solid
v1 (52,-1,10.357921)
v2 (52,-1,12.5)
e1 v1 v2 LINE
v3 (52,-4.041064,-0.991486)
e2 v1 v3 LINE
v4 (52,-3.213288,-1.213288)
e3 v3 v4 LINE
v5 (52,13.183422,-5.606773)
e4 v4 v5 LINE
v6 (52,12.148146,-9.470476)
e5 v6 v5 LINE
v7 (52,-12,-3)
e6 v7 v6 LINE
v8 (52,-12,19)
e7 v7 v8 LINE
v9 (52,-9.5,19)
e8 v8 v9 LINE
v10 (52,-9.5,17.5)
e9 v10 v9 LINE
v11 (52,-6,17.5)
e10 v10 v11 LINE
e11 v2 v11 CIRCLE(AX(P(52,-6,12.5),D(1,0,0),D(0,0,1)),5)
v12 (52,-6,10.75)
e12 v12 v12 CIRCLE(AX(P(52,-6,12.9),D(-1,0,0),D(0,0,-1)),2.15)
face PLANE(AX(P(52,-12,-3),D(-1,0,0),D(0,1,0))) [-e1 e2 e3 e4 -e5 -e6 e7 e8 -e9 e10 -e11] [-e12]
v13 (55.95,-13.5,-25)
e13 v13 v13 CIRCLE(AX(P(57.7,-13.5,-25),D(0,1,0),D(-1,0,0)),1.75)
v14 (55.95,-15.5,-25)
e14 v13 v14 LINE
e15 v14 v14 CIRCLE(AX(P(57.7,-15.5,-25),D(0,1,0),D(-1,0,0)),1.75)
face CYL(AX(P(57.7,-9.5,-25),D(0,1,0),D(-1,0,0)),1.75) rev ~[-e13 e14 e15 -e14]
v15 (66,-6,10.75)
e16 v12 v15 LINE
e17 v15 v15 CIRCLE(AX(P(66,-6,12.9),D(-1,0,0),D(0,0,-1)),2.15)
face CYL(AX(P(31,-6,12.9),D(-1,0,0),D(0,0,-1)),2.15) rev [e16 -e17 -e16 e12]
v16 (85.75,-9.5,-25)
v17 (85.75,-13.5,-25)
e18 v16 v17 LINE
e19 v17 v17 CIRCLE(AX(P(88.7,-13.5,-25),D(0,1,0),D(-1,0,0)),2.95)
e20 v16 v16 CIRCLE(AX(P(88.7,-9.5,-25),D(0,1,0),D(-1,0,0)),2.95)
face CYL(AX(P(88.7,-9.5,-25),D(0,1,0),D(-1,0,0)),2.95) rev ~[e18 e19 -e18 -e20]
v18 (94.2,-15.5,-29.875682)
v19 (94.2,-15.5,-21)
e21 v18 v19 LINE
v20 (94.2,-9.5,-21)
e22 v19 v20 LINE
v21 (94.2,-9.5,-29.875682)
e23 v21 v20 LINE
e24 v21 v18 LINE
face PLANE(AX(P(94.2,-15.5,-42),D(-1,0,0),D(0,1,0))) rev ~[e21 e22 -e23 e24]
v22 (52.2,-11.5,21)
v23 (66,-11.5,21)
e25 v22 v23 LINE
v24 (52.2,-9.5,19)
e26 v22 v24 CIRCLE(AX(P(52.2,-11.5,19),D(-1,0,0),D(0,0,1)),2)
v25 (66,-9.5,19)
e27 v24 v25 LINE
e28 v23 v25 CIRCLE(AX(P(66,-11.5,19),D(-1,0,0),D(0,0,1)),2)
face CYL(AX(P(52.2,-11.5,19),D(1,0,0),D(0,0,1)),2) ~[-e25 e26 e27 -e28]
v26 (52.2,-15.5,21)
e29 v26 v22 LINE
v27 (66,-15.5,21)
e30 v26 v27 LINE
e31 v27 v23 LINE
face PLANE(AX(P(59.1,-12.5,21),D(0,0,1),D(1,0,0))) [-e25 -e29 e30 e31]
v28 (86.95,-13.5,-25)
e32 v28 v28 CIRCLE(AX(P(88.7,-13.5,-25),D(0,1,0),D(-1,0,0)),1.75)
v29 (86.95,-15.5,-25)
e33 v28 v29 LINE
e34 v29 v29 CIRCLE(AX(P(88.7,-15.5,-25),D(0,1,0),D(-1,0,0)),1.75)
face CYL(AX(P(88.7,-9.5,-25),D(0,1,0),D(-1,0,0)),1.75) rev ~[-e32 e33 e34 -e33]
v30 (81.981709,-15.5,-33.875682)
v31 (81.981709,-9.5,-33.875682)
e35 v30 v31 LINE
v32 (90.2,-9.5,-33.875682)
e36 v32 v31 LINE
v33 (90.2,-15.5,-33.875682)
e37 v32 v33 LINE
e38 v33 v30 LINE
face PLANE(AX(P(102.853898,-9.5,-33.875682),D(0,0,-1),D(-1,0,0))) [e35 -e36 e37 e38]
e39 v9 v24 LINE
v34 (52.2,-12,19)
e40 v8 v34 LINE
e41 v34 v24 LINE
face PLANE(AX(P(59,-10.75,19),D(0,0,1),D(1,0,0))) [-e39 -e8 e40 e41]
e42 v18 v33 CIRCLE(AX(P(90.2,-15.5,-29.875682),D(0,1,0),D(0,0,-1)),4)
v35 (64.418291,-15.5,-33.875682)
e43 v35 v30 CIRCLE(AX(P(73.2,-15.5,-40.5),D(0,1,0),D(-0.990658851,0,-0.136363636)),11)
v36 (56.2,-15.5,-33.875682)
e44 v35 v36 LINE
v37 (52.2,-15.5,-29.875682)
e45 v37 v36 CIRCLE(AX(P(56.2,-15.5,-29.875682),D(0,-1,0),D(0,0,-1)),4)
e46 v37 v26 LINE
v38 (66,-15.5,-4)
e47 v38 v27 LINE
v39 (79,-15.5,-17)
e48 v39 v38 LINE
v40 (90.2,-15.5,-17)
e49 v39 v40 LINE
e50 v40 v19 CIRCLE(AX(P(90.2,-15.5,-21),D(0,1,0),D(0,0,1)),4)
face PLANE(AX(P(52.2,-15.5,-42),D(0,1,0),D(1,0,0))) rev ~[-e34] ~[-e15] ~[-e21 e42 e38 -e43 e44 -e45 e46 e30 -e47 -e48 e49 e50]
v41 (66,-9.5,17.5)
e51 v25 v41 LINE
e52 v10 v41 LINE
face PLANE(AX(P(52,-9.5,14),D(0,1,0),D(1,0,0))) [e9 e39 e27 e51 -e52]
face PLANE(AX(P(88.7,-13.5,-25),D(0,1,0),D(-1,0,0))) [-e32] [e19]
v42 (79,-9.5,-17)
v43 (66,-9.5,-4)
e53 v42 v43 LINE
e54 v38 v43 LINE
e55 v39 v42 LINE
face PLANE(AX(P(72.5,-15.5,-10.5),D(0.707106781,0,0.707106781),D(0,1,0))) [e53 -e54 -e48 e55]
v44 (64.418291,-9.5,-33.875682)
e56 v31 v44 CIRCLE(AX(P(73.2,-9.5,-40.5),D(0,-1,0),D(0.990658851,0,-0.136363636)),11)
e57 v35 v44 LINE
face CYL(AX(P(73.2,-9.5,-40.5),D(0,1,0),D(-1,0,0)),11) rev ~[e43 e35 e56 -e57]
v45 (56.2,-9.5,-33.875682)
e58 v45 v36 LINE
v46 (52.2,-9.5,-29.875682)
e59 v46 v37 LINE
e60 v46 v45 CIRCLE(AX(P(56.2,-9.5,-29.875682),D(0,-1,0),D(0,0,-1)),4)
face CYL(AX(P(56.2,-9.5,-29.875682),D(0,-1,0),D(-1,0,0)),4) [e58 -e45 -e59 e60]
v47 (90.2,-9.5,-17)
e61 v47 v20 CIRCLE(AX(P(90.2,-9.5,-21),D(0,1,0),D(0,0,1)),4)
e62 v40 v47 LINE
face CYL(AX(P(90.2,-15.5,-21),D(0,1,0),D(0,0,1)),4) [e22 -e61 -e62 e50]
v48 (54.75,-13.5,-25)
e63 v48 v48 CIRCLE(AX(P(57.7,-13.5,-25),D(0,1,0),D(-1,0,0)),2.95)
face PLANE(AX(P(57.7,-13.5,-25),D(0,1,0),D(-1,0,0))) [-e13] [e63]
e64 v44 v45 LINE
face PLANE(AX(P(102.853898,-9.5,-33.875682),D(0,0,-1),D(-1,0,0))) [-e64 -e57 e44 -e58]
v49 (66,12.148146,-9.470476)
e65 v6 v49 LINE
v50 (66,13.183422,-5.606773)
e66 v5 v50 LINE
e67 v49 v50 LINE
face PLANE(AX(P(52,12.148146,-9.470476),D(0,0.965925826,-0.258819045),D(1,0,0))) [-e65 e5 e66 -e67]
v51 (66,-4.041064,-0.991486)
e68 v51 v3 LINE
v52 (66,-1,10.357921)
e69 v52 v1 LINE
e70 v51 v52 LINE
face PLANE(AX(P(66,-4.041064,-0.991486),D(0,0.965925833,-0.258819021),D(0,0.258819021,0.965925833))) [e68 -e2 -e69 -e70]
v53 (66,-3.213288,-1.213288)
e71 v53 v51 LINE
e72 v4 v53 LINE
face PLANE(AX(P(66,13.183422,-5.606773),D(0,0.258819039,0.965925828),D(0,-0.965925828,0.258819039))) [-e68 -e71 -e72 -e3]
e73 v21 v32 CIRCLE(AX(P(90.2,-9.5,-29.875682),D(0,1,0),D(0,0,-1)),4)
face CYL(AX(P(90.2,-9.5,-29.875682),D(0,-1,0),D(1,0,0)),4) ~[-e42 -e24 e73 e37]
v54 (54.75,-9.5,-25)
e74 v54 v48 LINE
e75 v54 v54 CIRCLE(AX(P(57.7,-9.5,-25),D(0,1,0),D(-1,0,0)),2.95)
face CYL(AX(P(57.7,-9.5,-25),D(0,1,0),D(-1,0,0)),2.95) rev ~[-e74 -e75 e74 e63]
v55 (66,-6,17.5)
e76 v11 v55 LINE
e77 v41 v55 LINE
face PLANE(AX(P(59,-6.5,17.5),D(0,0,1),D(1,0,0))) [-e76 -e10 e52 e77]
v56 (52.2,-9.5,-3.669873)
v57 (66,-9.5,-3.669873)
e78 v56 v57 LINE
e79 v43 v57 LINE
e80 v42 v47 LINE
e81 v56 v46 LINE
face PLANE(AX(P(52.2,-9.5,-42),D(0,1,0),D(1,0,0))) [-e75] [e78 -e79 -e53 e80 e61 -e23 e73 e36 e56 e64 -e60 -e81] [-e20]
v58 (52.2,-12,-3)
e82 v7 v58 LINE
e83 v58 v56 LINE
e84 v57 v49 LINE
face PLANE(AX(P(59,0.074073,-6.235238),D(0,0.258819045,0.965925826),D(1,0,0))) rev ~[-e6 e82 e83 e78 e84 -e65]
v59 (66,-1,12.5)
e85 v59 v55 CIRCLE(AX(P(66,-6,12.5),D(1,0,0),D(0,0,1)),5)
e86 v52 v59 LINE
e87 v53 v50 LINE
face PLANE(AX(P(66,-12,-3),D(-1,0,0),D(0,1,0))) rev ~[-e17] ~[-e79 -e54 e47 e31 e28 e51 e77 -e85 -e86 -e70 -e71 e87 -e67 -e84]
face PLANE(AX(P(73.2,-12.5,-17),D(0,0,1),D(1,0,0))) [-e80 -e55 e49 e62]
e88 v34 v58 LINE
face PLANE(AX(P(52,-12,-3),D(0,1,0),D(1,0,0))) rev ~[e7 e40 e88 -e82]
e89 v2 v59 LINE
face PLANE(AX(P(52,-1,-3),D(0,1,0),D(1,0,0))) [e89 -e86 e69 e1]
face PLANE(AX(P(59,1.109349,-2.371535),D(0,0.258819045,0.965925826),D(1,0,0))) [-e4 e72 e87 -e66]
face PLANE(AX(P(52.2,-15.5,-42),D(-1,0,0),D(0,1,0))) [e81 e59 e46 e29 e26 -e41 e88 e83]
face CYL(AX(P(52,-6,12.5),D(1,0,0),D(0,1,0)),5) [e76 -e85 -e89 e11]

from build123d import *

# Parameters (mm, degrees)
CYLINDER_R           = 2.15
CYLINDER_DEPTH       = 50
CYLINDER_PITCH_ANGLE = 90
BOX002_W             = 14
BOX002_H             = 11
BOX002_DEPTH         = 20.5
CHAMFER_SIZE         = 4
FILLET001_R          = 5
BOX003_W             = 14
BOX003_H             = 25
BOX003_DEPTH         = 4
BOX003_ROLL_ANGLE    = -15
BOX004_W             = 14
BOX004_H             = 2.5
BOX004_DEPTH         = 5
POCKET006_DEPTH      = 15
BOX005003_W          = 42
BOX005003_H          = 6
BOX005003_DEPTH      = 25
SKETCH009_R          = 11
SKETCH009_R_2        = 1.75
POCKET009_DEPTH      = 6
SKETCH010_W          = 62.382877
SKETCH010_H          = 25.148186
POCKET010_DEPTH      = 6
BOX005002_W          = 13.8
BOX005002_H          = 6
BOX005002_DEPTH      = 42
CHAMFER002_SIZE      = 13
FILLET003_R          = 4
FILLET004_R          = 2
SKETCH011_R          = 2.95
POCKET011_DEPTH      = 4


with BuildPart() as cylinder:
    # Cylinder → Cylinder (new body)
    with BuildSketch(Plane.XY):
        Circle(CYLINDER_R)
    extrude(amount=CYLINDER_DEPTH)


with BuildPart() as cylinder_1:
    # Cylinder pitch: moved
    add(cylinder.part.rotate(Axis((0, 0, 0), (0, 1, 0)), CYLINDER_PITCH_ANGLE))


with BuildPart() as cylinder_2:
    # Cylinder placement: moved
    add(cylinder_1.part.moved(Location((31, -6, 12.9))))


with BuildPart() as fillet001:
    # Box002 → Box002 (new body)
    with BuildSketch(Plane(origin=(52, -12, -3), x_dir=(1, 0, 0), z_dir=(0, 0, 1))):
        with Locations((7, 5.5)):
            Rectangle(BOX002_W, BOX002_H)
    extrude(amount=BOX002_DEPTH)

    # Chamfer
    chamfer_edges = [fillet001.edges().sort_by_distance(p)[0] for p in [
        (59, -1, -3),
    ]]
    chamfer(chamfer_edges, length=CHAMFER_SIZE)

    # Fillet001
    fillet001_edges = [fillet001.edges().sort_by_distance(p)[0] for p in [
        (59, -1, 17.5),
    ]]
    fillet(fillet001_edges, radius=FILLET001_R)


with BuildPart() as cube002:
    # Box003 → Box003 (new body)
    with BuildSketch(Plane.XY):
        with Locations((7, 12.5)):
            Rectangle(BOX003_W, BOX003_H)
    extrude(amount=BOX003_DEPTH)


with BuildPart() as cube002_1:
    # Box003 roll: moved
    add(cube002.part.rotate(Axis((0, 0, 0), (1, 0, 0)), BOX003_ROLL_ANGLE))


with BuildPart() as cube002_2:
    # Box003 placement: moved
    add(cube002_1.part.moved(Location((52, -12, -3))))


with BuildPart() as clone_of_enganche002:
    # Box004 → Box004 (new body)
    with BuildSketch(Plane(origin=(52, -12, 14), x_dir=(1, 0, 0), z_dir=(0, 0, 1))):
        with Locations((7, 1.25)):
            Rectangle(BOX004_W, BOX004_H)
    extrude(amount=BOX004_DEPTH)

    # Fusion: union Fillet001, Cube002
    add(fillet001.part)
    add(cube002_2.part)

    # Cut001: cut Cylinder
    add(cylinder_2.part, mode=Mode.SUBTRACT)

    # Sketch006 → Pocket006 (cut)
    with BuildSketch(Plane.YZ.offset(66)):
        Polygon((13.183422, -5.606773), (-4.041064, -0.991486), (-0.407217, 12.570217), align=None)
    extrude(amount=-POCKET006_DEPTH, mode=Mode.SUBTRACT)


with BuildPart() as pocket010:
    # Box005003 → Box005003 (new body)
    with BuildSketch(Plane(origin=(52.2, -15.5, -42), x_dir=(1, 0, 0), z_dir=(0, 0, 1))):
        with Locations((21, 3)):
            Rectangle(BOX005003_W, BOX005003_H)
    extrude(amount=BOX005003_DEPTH)

    # Sketch009 → Pocket009 (cut)
    with BuildSketch(Plane(origin=(52.2, -9.5, -42), x_dir=(-1, 0, 0), z_dir=(0, 1, 0))):
        with Locations((-21, 1.5)):
            Circle(SKETCH009_R)
        with Locations((-36.5, 17)):
            Circle(SKETCH009_R_2)
        with Locations((-5.5, 17)):
            Circle(SKETCH009_R_2)
    extrude(amount=-POCKET009_DEPTH, mode=Mode.SUBTRACT)

    # Sketch010 → Pocket010 (cut)
    with BuildSketch(Plane(origin=(52.2, -9.5, -42), x_dir=(-1, 0, 0), z_dir=(0, 1, 0))):
        with Locations((-19.46246, -4.449775)):
            Rectangle(SKETCH010_W, SKETCH010_H)
    extrude(amount=-POCKET010_DEPTH, mode=Mode.SUBTRACT)


with BuildPart() as pocket011:
    # Box005002 → Box005002 (new body)
    with BuildSketch(Plane(origin=(52.2, -15.5, -21), x_dir=(1, 0, 0), z_dir=(0, 0, 1))):
        with Locations((6.9, 3)):
            Rectangle(BOX005002_W, BOX005002_H)
    extrude(amount=BOX005002_DEPTH)

    # Fusion005: union Clone of Enganche002, Pocket010
    add(clone_of_enganche002.part)
    add(pocket010.part)

    # Chamfer002
    chamfer002_edges = [pocket011.edges().sort_by_distance(p)[0] for p in [
        (66, -12.5, -17),
    ]]
    chamfer(chamfer002_edges, length=CHAMFER002_SIZE)

    # Fillet003
    fillet003_edges = [pocket011.edges().sort_by_distance(p)[0] for p in [
        (94.2, -12.5, -17),
        (94.2, -12.5, -33.875682),
        (52.2, -12.5, -33.875682),
    ]]
    fillet(fillet003_edges, radius=FILLET003_R)

    # Fillet004
    fillet004_edges = [pocket011.edges().sort_by_distance(p)[0] for p in [
        (59.1, -9.5, 21),
    ]]
    fillet(fillet004_edges, radius=FILLET004_R)

    # Sketch011 → Pocket011 (cut)
    with BuildSketch(Plane(origin=(0, -9.5, 0), x_dir=(-1, 0, 0), z_dir=(0, 1, 0))):
        with Locations((-88.7, -25)):
            Circle(SKETCH011_R)
        with Locations((-57.7, -25)):
            Circle(SKETCH011_R)
    extrude(amount=-POCKET011_DEPTH, mode=Mode.SUBTRACT)


solid = pocket011.part
